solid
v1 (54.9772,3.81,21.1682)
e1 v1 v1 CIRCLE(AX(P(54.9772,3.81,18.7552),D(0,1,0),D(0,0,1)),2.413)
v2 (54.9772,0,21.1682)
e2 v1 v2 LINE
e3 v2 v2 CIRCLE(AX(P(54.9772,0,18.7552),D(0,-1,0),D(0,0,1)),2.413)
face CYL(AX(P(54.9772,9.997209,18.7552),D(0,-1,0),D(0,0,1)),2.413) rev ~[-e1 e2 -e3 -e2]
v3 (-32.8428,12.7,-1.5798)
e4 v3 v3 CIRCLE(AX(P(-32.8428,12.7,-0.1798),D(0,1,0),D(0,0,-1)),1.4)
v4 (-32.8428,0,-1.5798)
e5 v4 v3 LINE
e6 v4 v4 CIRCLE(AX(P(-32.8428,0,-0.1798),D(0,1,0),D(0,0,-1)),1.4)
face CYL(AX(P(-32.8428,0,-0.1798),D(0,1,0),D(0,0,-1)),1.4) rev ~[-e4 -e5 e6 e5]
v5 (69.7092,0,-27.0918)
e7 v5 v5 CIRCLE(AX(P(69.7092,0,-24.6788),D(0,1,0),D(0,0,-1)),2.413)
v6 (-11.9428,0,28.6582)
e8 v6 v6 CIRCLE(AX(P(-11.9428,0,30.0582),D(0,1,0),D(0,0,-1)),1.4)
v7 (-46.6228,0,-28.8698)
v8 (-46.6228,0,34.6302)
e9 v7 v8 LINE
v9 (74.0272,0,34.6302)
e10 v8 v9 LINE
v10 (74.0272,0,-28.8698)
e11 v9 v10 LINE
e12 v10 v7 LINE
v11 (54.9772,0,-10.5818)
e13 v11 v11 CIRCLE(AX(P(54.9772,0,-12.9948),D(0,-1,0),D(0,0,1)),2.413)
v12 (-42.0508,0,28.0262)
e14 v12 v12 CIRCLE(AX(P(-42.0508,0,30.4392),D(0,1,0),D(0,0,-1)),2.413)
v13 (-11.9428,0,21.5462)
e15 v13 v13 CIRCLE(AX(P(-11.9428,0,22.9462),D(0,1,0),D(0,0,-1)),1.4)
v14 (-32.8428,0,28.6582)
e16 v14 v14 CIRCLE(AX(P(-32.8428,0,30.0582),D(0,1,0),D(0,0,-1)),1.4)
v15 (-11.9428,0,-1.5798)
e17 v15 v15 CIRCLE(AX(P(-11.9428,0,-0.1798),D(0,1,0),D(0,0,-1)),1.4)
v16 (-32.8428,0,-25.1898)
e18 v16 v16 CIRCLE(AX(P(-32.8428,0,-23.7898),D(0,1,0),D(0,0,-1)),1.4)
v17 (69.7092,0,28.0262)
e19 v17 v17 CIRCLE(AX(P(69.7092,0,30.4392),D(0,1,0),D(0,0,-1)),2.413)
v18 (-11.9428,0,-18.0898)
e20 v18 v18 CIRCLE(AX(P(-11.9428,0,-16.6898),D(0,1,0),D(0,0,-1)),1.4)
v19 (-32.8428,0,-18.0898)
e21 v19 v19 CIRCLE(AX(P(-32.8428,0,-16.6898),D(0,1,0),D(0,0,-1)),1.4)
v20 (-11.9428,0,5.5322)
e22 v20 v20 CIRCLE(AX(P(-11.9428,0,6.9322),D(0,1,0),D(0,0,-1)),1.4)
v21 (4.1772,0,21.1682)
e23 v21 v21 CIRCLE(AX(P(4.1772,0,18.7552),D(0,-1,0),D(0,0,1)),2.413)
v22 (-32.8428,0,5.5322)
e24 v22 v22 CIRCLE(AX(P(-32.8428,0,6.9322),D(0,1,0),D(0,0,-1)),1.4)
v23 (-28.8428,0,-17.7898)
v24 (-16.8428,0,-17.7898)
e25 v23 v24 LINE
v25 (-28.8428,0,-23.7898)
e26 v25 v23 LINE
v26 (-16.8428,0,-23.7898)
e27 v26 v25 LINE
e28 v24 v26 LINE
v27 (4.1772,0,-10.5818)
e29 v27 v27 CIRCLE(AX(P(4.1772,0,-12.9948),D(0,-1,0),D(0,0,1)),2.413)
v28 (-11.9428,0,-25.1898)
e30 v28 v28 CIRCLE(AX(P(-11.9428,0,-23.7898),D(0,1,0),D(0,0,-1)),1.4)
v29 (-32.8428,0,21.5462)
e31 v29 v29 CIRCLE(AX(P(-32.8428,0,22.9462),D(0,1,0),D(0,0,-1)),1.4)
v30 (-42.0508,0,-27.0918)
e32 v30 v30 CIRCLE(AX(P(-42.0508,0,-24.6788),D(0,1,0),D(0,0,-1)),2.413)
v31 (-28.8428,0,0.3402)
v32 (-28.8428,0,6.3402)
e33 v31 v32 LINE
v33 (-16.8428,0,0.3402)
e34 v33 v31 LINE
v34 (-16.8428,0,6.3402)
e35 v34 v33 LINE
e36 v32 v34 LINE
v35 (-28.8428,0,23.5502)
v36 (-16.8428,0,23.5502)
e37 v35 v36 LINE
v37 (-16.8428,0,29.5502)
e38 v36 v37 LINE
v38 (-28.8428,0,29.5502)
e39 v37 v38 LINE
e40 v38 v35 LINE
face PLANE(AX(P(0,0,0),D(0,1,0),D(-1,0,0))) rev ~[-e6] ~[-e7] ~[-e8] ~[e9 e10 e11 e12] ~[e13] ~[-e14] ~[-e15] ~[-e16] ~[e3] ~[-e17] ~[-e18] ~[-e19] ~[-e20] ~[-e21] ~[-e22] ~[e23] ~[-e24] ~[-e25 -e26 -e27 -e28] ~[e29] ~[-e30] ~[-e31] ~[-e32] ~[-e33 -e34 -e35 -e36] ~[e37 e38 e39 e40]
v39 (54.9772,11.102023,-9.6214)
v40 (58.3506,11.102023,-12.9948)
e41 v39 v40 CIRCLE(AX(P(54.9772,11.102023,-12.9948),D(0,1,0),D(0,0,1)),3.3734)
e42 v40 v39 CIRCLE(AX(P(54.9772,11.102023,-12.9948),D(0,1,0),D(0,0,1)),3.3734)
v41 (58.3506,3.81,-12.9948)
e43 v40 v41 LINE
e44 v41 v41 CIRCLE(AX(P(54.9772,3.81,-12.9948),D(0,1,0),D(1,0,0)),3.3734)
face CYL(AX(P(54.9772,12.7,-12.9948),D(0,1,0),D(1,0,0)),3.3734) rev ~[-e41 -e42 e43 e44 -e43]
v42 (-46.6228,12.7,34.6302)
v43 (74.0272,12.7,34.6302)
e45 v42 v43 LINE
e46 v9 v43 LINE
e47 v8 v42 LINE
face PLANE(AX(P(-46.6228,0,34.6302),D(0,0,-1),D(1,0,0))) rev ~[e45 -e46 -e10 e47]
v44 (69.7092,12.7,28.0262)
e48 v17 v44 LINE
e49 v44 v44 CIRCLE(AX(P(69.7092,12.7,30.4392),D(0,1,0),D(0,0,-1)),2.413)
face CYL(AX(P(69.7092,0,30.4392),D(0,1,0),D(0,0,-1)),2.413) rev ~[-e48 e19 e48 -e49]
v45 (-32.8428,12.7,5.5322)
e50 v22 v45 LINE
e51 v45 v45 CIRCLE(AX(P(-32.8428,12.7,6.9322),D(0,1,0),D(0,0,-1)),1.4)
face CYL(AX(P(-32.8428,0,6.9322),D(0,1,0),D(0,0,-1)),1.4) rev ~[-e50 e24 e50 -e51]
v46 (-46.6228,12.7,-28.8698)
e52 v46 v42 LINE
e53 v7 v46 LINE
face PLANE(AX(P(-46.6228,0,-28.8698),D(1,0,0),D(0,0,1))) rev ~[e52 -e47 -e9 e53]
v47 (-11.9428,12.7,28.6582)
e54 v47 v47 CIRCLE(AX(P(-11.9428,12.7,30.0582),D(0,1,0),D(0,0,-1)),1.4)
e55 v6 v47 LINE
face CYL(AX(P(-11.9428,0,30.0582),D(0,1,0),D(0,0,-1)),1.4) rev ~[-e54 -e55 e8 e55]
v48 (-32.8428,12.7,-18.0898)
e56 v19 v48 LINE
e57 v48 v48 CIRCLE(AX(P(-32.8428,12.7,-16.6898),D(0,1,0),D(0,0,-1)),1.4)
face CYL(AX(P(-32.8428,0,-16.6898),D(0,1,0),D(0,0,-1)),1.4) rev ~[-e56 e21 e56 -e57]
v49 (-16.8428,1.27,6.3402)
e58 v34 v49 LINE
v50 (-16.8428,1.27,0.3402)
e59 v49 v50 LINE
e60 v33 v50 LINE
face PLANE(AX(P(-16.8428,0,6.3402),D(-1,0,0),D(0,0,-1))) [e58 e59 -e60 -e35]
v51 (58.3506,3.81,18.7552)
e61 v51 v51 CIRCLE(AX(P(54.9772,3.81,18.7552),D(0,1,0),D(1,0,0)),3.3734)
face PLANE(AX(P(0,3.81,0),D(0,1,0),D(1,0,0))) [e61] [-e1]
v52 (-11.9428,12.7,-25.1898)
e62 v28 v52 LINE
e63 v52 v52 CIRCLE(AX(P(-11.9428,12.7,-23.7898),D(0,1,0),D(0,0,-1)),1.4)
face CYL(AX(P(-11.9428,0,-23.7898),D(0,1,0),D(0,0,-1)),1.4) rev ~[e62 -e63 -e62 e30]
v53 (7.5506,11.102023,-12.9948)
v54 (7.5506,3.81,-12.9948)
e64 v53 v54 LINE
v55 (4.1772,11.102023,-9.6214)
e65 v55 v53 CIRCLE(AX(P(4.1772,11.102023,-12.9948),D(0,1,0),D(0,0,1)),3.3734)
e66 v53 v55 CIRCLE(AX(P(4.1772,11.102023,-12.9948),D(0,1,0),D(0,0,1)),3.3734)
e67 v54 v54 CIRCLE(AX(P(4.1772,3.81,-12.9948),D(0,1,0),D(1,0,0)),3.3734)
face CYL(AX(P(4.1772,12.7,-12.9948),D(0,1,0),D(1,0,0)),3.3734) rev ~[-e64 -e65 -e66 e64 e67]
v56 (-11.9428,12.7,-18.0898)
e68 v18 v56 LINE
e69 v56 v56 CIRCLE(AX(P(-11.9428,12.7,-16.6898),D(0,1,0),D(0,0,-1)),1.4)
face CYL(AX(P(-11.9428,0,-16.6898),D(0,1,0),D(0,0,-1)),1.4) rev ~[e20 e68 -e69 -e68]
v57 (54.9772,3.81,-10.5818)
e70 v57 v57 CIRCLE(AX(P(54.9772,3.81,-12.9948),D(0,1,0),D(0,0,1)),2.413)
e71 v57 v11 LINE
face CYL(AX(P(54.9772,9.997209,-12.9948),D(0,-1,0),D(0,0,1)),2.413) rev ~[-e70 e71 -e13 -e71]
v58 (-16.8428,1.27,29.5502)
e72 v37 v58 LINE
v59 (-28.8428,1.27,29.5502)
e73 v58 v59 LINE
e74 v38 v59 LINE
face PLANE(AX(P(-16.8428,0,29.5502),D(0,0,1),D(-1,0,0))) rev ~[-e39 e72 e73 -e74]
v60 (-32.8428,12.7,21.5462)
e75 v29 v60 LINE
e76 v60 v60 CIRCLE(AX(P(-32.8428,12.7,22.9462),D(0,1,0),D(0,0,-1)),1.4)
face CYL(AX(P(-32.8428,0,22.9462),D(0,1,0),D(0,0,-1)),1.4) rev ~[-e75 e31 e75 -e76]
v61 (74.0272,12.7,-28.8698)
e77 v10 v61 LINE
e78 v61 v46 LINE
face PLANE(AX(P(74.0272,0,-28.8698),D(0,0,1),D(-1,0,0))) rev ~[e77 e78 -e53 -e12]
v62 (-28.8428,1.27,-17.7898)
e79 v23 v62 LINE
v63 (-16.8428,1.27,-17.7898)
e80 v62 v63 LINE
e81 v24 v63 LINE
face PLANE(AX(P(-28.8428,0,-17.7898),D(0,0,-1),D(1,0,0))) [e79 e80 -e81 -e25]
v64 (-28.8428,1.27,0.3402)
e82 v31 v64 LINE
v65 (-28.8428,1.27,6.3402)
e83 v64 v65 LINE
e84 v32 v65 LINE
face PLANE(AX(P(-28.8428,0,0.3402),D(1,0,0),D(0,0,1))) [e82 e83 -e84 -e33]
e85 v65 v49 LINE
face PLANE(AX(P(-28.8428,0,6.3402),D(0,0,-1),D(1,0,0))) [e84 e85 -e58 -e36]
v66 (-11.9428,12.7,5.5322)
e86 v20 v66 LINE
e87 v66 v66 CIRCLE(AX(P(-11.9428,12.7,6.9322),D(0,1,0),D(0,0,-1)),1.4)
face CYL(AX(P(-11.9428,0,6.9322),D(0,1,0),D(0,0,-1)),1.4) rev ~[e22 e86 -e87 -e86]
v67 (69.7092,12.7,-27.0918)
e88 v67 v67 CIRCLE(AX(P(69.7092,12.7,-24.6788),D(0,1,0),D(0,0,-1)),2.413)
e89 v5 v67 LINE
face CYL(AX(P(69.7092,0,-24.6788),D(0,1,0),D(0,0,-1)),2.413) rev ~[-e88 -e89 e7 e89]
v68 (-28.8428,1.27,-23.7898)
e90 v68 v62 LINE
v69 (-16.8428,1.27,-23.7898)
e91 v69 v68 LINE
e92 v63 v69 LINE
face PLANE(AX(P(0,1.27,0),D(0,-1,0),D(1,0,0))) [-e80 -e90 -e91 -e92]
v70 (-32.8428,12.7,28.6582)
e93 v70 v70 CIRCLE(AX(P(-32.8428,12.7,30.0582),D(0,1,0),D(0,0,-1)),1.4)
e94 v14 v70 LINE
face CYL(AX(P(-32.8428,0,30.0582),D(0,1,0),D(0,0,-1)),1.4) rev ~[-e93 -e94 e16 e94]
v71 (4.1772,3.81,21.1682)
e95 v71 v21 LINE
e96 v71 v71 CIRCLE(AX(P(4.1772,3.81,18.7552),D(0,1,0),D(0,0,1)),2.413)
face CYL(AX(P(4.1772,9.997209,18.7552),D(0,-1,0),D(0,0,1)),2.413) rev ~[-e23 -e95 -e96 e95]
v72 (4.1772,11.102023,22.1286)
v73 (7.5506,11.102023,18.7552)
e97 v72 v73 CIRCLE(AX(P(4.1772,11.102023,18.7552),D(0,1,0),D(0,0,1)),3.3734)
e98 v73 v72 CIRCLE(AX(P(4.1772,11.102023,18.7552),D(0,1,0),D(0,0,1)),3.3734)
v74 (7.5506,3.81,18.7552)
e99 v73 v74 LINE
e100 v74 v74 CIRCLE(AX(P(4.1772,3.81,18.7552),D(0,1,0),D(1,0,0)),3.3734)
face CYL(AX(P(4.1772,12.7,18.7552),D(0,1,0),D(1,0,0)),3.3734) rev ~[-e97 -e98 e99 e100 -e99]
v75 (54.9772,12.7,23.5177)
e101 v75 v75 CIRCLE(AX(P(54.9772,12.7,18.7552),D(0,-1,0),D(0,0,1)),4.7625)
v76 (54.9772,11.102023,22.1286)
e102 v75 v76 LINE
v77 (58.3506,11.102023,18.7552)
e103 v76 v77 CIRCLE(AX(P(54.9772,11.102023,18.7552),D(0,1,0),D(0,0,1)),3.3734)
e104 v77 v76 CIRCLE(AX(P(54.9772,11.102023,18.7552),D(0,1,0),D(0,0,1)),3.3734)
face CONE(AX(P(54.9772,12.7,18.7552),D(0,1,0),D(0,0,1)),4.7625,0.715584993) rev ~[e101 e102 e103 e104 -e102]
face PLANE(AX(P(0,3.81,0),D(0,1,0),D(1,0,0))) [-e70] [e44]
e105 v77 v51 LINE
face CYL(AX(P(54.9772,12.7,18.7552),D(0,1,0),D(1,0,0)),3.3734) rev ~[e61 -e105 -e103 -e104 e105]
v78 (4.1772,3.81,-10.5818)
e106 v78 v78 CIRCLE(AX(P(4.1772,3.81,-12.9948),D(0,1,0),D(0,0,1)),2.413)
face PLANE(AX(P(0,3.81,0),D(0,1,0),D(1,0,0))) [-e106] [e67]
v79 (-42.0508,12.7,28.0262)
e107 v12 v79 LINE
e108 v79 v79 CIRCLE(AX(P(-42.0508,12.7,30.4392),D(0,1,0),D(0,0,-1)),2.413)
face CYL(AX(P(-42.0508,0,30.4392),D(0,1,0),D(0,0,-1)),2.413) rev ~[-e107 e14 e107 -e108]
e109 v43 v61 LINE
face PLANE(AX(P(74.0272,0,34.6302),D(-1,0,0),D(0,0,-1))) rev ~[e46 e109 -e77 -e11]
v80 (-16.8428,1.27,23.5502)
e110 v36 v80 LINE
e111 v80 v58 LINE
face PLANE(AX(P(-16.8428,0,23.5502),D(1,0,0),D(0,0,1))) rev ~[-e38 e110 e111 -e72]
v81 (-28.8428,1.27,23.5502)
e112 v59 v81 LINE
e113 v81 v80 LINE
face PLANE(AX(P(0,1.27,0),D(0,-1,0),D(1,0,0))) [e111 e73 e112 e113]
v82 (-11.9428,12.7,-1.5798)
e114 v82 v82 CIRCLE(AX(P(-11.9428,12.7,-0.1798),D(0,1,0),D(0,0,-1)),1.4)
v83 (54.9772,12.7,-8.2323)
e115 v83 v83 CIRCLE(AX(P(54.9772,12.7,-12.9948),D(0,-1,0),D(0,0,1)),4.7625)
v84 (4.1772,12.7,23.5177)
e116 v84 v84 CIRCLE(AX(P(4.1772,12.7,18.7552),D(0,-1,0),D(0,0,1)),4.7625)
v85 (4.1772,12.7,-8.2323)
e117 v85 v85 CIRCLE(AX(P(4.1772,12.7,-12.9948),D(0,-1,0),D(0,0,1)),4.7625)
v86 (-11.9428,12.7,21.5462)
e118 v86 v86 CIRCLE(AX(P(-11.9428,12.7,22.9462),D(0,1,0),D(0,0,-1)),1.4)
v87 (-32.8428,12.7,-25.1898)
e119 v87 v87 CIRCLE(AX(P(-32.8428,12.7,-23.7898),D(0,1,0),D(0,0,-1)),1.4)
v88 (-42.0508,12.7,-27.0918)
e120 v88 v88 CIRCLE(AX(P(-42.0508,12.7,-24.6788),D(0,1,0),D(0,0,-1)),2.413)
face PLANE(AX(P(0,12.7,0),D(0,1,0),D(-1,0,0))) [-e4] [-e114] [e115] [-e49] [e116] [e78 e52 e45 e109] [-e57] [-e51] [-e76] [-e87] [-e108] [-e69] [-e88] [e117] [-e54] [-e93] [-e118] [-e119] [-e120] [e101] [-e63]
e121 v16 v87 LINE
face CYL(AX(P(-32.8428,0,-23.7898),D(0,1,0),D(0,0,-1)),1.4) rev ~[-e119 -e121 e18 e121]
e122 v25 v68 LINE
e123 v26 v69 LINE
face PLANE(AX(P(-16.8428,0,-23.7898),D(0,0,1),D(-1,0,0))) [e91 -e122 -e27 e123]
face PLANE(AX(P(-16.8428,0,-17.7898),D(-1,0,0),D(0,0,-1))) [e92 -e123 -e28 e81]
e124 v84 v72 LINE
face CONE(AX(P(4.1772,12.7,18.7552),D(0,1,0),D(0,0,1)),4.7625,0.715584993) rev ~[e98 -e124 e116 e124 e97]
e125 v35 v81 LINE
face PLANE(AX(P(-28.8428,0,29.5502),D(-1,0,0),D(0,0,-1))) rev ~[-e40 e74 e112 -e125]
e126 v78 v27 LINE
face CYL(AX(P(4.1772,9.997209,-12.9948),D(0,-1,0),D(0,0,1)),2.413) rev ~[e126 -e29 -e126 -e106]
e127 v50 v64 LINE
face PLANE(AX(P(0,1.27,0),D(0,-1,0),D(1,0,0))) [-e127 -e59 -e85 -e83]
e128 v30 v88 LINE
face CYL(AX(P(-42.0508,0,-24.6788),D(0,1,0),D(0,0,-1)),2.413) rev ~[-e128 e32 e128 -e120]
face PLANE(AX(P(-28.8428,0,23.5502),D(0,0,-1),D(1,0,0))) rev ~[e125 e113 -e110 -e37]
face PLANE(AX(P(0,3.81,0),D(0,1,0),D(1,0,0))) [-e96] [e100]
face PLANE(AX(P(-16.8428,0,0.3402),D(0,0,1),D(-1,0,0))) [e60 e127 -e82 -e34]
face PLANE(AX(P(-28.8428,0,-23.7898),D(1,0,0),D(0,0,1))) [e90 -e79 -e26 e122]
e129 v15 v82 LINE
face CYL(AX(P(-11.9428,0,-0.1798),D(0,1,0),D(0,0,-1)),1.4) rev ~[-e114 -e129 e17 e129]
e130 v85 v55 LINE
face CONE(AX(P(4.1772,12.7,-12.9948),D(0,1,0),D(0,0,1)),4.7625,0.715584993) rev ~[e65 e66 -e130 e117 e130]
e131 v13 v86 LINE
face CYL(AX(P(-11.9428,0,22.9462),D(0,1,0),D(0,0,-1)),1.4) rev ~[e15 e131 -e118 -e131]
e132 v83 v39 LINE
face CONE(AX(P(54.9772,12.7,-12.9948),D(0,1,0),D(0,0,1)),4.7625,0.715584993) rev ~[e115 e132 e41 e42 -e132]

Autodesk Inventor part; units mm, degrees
ref_plane "YZ Plane" through (0, 0, 0) normal (1, 0, 0) x (0, 1, 0)
ref_plane "XZ Plane" through (0, 0, 0) normal (0, 1, 0) x (-1, 0, 0)
ref_plane "XY Plane" through (0, 0, 0) normal (0, 0, 1) x (1, 0, 0)
sketch "Sketch1" plane through (0, 0, 0) normal (0, 1, 0) x (-1, 0, 0)
  line L0 (46.6228, 34.6302) -> (-74.0272, 34.6302)
  line L1 (-74.0272, 34.6302) -> (-74.0272, -28.8698)
  line L2 (-74.0272, -28.8698) -> (46.6228, -28.8698)
  line L3 (46.6228, -28.8698) -> (46.6228, 34.6302)
  point P0 (0, 0)
  dimension "d0" = 120.65
  dimension "d1" = 63.5
extrude "Extrusion1" add sketch "Sketch1" along normal blind 12.7
sketch "Sketch2" plane through (0, 12.7, 0) normal (0, 1, 0) x (1, 0, 0)
  line L0 (-46.6228, -34.6302) -> (74.0272, -34.6302) projected
  line L1 (-46.6228, 28.8698) -> (-46.6228, -34.6302) projected
  point P0 (0, 0)
  point P1 (4.1772, -18.7552)
  point P2 (54.9772, -18.7552)
  dimension "d4" = 0
  dimension "d5" = 15.875
  dimension "d6" = 50.8
  dimension "d7" = 50.8
hole "Hole1" at (4.1772, 12.7, 18.7552) at (54.9772, 12.7, 18.7552) direction (0, -1, 0) diameter 4.826 depth 25.4 tip angle 118 countersink diameter 9.525 countersink angle 82
sketch "Sketch3" plane through (0, 0, 0) normal (0, -1, 0) x (1, 0, 0)
  line L0 (-16.8428, 29.5502) -> (-28.8428, 29.5502)
  line L1 (-28.8428, 29.5502) -> (-28.8428, 23.5502)
  line L2 (-28.8428, 23.5502) -> (-16.8428, 23.5502)
  line L3 (-16.8428, 23.5502) -> (-16.8428, 29.5502)
  line L4 (-46.6228, 34.6302) -> (74.0272, 34.6302) projected
  line L5 (-46.6228, -28.8698) -> (-46.6228, 34.6302) projected
  point P0 (0, 0)
  dimension "d15" = 6
  dimension "d16" = 12
  dimension "d17" = 5.08
  dimension "d18" = 17.78
extrude "Extrusion2" cut sketch "Sketch3" against normal blind 1.27
sketch "Sketch4" plane through (0, 0, 0) normal (0, -1, 0) x (1, 0, 0)
  line L0 (74.0272, -28.8698) -> (-46.6228, -28.8698) projected
  line L1 (-28.8428, 23.5502) -> (-28.8428, 29.5502) projected
  line L2 (-46.6228, -28.8698) -> (-46.6228, 34.6302) projected
  point P0 (0, 0)
  point P1 (-32.8428, -16.6898)
  point P2 (-32.8428, -23.7898)
  point P3 (-11.9428, -23.7898)
  point P4 (-11.9428, -16.6898)
  dimension "d21" = 0
  dimension "d22" = 0
  dimension "d23" = 0
  dimension "d24" = 0
  dimension "d25" = 5.08
  dimension "d26" = 7.1
  dimension "d27" = 20.9
  dimension "d35" = 4
  dimension "d92" = 13.78
hole "Hole2" at (-32.8428, 0, -16.6898) at (-32.8428, 0, -23.7898) at (-11.9428, 0, -23.7898) at (-11.9428, 0, -16.6898) direction (0, 1, 0) diameter 2.8 depth 25.4 tip angle 118
sketch "Sketch6" plane through (0, 0, 0) normal (0, -1, 0) x (1, 0, 0)
  line L0 (-46.6228, 34.6302) -> (74.0272, 34.6302) projected
  line L1 (-46.6228, -28.8698) -> (-46.6228, 34.6302) projected
  line L2 (74.0272, -28.8698) -> (-46.6228, -28.8698) projected
  point P0 (0, 0)
  point P1 (69.7092, -24.6788)
  point P2 (-42.0508, -24.6788)
  point P3 (-42.0508, 30.4392)
  point P4 (69.7092, 30.4392)
  dimension "d43" = 0
  dimension "d44" = 0
  dimension "d46" = 111.76
  dimension "d47" = 0
  dimension "d48" = 0
  dimension "d50" = 4.191
  dimension "d51" = 4.572
  dimension "d91" = 4.191
hole "Hole4" at (69.7092, 0, -24.6788) at (-42.0508, 0, -24.6788) at (-42.0508, 0, 30.4392) at (69.7092, 0, 30.4392) direction (0, 1, 0) diameter 4.8 depth 25.4 tip angle 118
sketch "Sketch10" plane through (0, 12.7, 0) normal (0, 1, 0) x (1, 0, 0)
  circle A0 centre (54.9772, -18.7552) radius 2.413 projected
  circle A1 centre (4.1772, -18.7552) radius 2.413 projected
  line L0 (74.0272, 28.8698) -> (-46.6228, 28.8698) projected
  point P0 (0, 0)
  point P1 (4.1772, 12.9948)
  point P2 (54.9772, 12.9948)
  point P3 (66.6772, 28.8698)
  point P4 (-45.6228, 28.8698)
  dimension "d80" = 0
  dimension "d81" = 0
  dimension "d82" = 0
  dimension "d83" = 15.875
hole "Hole7" at (4.1772, 12.7, -12.9948) at (54.9772, 12.7, -12.9948) direction (0, -1, 0) diameter 4.826 end through all countersink diameter 9.525 countersink angle 82
sketch "Sketch11" plane through (0, 0, 0) normal (0, -1, 0) x (1, 0, 0)
  line L0 (-28.8428, 6.3402) -> (-16.8428, 6.3402)
  line L1 (-16.8428, 6.3402) -> (-16.8428, 0.3402)
  line L2 (-16.8428, 0.3402) -> (-28.8428, 0.3402)
  line L3 (-28.8428, 0.3402) -> (-28.8428, 6.3402)
  line L4 (-28.8428, -17.7898) -> (-16.8428, -17.7898)
  line L5 (-16.8428, -17.7898) -> (-16.8428, -23.7898)
  line L6 (-16.8428, -23.7898) -> (-28.8428, -23.7898)
  line L7 (-28.8428, -23.7898) -> (-28.8428, -17.7898)
  line L8 (-28.8428, 23.5502) -> (-28.8428, 29.5502) projected
  line L9 (-16.8428, 29.5502) -> (-16.8428, 23.5502) projected
  line L10 (74.0272, -28.8698) -> (-46.6228, -28.8698) projected
  point P0 (0, 0)
  dimension "d93" = 0
  dimension "d94" = 0
  dimension "d95" = 0
  dimension "d96" = 0
  dimension "d97" = 6
  dimension "d98" = 6
  dimension "d99" = 5.08
  dimension "d100" = 29.21
extrude "Extrusion4" cut sketch "Sketch11" against normal blind 1.27
sketch "Sketch12" plane through (0, 0, 0) normal (0, -1, 0) x (1, 0, 0)
  circle A0 centre (-42.0508, 30.4392) radius 2.4 projected
  circle A1 centre (69.7092, 30.4392) radius 2.4 projected
  circle A2 centre (69.7092, -24.6788) radius 2.4 projected
  circle A3 centre (-42.0508, -24.6788) radius 2.4 projected
  point P0 (0, 0)
hole "Hole8" at (-42.0508, 0, 30.4392) at (69.7092, 0, 30.4392) at (69.7092, 0, -24.6788) at (-42.0508, 0, -24.6788) direction (0, 1, 0) diameter 4.826 end through all
sketch "Sketch13" plane through (0, 0, 0) normal (0, -1, 0) x (1, 0, 0)
  circle A0 centre (-32.8428, -16.6898) radius 1.4 projected
  circle A1 centre (-32.8428, -23.7898) radius 1.4 projected
  line L0 (-46.6228, 34.6302) -> (74.0272, 34.6302) projected
  circle A2 centre (-11.9428, -16.6898) radius 1.4 projected
  point P0 (0, 0)
  point P1 (-32.8428, -0.1798)
  point P2 (-32.8428, 6.9322)
  point P3 (-32.8428, 22.9462)
  point P4 (-32.8428, 30.0582)
  point P5 (-39.7887, 34.6302)
  point P6 (67.4471, 34.6302)
  point P7 (-11.9428, -0.1798)
  point P8 (-11.9428, 6.9322)
  point P9 (-11.9428, 22.9462)
  point P10 (-11.9428, 30.0582)
  dimension "d110" = 0
  dimension "d111" = 0
  dimension "d112" = 0
  dimension "d113" = 7.112
  dimension "d114" = 7.112
  dimension "d115" = 16.51
  dimension "d116" = 4.572
  dimension "d117" = 0
  dimension "d118" = 0
  dimension "d119" = 0
  dimension "d120" = 0
  dimension "d121" = 0
  dimension "d122" = 0
  dimension "d123" = 0
  dimension "d124" = 0
hole "Hole9" at (-32.8428, 0, -0.1798) at (-32.8428, 0, 6.9322) at (-32.8428, 0, 22.9462) at (-32.8428, 0, 30.0582) at (-11.9428, 0, -0.1798) at (-11.9428, 0, 6.9322) at (-11.9428, 0, 22.9462) at (-11.9428, 0, 30.0582) direction (0, 1, 0) diameter 2.8 end through all
sketch "Sketch15" plane through (0, 12.7, 0) normal (0, 1, 0) x (1, 0, 0)
  circle A0 centre (4.1772, 12.9948) radius 2.413 projected
  circle A1 centre (54.9772, 12.9948) radius 2.413 projected
  circle A2 centre (4.1772, -18.7552) radius 2.413 projected
  circle A3 centre (54.9772, -18.7552) radius 2.413 projected
  circle A4 centre (4.1772, 12.9948) radius 3.3734
  circle A5 centre (4.1772, -18.7552) radius 3.3734
  circle A6 centre (54.9772, -18.7552) radius 3.3734
  circle A7 centre (54.9772, 12.9948) radius 3.3734
  point P0 (0, 0)
  dimension "d138" = 6.7469
  dimension "d139" = 6.7469
  dimension "d140" = 6.7469
  dimension "d141" = 6.7469
extrude "Extrusion6" cut sketch "Sketch15" against normal blind 8.89
equation "\"d1\" = 2 * TalonSRXWidth"
equation "\"d5\" = TalonSRXFromSide"
equation "\"d7\" = TalonSRXBetweenHoles"
equation "\"d15\" = CanConPinWidth"
equation "\"d16\" = CanConPinLength"
equation "\"d26\" = CanConBetweenTopHoles"
equation "\"d27\" = CanConBetweenSideHoles"
equation "\"d35\" = CanConHoleFromTopPin"
equation "\"d28\" = CanConHoleDiam"
equation "\"d52\" = LegoMainHole"
equation "\"d83\" = TalonSRXFromSide"
equation "\"d125\" = CanConHoleDiam"
equation "\"LegoMainHole\" = 4.8"
equation "\"TalonSRXWidth\" = 31.75"
equation "\"TalonSRXFromSide\" = 15.875"
equation "\"TalonSRXBetweenHoles\" = 50.8"
equation "\"CanConPinWidth\" = 6"
equation "\"CanConPinLength\" = 12"
equation "\"CanConBetweenSideHoles\" = 20.9"
equation "\"CanConBetweenTopHoles\" = 7.1"
equation "\"CanConHoleDiam\" = 2.8"
equation "\"CanConHoleFromTopPin\" = 4"
properties part number "TalonSRXPlateTwo"
